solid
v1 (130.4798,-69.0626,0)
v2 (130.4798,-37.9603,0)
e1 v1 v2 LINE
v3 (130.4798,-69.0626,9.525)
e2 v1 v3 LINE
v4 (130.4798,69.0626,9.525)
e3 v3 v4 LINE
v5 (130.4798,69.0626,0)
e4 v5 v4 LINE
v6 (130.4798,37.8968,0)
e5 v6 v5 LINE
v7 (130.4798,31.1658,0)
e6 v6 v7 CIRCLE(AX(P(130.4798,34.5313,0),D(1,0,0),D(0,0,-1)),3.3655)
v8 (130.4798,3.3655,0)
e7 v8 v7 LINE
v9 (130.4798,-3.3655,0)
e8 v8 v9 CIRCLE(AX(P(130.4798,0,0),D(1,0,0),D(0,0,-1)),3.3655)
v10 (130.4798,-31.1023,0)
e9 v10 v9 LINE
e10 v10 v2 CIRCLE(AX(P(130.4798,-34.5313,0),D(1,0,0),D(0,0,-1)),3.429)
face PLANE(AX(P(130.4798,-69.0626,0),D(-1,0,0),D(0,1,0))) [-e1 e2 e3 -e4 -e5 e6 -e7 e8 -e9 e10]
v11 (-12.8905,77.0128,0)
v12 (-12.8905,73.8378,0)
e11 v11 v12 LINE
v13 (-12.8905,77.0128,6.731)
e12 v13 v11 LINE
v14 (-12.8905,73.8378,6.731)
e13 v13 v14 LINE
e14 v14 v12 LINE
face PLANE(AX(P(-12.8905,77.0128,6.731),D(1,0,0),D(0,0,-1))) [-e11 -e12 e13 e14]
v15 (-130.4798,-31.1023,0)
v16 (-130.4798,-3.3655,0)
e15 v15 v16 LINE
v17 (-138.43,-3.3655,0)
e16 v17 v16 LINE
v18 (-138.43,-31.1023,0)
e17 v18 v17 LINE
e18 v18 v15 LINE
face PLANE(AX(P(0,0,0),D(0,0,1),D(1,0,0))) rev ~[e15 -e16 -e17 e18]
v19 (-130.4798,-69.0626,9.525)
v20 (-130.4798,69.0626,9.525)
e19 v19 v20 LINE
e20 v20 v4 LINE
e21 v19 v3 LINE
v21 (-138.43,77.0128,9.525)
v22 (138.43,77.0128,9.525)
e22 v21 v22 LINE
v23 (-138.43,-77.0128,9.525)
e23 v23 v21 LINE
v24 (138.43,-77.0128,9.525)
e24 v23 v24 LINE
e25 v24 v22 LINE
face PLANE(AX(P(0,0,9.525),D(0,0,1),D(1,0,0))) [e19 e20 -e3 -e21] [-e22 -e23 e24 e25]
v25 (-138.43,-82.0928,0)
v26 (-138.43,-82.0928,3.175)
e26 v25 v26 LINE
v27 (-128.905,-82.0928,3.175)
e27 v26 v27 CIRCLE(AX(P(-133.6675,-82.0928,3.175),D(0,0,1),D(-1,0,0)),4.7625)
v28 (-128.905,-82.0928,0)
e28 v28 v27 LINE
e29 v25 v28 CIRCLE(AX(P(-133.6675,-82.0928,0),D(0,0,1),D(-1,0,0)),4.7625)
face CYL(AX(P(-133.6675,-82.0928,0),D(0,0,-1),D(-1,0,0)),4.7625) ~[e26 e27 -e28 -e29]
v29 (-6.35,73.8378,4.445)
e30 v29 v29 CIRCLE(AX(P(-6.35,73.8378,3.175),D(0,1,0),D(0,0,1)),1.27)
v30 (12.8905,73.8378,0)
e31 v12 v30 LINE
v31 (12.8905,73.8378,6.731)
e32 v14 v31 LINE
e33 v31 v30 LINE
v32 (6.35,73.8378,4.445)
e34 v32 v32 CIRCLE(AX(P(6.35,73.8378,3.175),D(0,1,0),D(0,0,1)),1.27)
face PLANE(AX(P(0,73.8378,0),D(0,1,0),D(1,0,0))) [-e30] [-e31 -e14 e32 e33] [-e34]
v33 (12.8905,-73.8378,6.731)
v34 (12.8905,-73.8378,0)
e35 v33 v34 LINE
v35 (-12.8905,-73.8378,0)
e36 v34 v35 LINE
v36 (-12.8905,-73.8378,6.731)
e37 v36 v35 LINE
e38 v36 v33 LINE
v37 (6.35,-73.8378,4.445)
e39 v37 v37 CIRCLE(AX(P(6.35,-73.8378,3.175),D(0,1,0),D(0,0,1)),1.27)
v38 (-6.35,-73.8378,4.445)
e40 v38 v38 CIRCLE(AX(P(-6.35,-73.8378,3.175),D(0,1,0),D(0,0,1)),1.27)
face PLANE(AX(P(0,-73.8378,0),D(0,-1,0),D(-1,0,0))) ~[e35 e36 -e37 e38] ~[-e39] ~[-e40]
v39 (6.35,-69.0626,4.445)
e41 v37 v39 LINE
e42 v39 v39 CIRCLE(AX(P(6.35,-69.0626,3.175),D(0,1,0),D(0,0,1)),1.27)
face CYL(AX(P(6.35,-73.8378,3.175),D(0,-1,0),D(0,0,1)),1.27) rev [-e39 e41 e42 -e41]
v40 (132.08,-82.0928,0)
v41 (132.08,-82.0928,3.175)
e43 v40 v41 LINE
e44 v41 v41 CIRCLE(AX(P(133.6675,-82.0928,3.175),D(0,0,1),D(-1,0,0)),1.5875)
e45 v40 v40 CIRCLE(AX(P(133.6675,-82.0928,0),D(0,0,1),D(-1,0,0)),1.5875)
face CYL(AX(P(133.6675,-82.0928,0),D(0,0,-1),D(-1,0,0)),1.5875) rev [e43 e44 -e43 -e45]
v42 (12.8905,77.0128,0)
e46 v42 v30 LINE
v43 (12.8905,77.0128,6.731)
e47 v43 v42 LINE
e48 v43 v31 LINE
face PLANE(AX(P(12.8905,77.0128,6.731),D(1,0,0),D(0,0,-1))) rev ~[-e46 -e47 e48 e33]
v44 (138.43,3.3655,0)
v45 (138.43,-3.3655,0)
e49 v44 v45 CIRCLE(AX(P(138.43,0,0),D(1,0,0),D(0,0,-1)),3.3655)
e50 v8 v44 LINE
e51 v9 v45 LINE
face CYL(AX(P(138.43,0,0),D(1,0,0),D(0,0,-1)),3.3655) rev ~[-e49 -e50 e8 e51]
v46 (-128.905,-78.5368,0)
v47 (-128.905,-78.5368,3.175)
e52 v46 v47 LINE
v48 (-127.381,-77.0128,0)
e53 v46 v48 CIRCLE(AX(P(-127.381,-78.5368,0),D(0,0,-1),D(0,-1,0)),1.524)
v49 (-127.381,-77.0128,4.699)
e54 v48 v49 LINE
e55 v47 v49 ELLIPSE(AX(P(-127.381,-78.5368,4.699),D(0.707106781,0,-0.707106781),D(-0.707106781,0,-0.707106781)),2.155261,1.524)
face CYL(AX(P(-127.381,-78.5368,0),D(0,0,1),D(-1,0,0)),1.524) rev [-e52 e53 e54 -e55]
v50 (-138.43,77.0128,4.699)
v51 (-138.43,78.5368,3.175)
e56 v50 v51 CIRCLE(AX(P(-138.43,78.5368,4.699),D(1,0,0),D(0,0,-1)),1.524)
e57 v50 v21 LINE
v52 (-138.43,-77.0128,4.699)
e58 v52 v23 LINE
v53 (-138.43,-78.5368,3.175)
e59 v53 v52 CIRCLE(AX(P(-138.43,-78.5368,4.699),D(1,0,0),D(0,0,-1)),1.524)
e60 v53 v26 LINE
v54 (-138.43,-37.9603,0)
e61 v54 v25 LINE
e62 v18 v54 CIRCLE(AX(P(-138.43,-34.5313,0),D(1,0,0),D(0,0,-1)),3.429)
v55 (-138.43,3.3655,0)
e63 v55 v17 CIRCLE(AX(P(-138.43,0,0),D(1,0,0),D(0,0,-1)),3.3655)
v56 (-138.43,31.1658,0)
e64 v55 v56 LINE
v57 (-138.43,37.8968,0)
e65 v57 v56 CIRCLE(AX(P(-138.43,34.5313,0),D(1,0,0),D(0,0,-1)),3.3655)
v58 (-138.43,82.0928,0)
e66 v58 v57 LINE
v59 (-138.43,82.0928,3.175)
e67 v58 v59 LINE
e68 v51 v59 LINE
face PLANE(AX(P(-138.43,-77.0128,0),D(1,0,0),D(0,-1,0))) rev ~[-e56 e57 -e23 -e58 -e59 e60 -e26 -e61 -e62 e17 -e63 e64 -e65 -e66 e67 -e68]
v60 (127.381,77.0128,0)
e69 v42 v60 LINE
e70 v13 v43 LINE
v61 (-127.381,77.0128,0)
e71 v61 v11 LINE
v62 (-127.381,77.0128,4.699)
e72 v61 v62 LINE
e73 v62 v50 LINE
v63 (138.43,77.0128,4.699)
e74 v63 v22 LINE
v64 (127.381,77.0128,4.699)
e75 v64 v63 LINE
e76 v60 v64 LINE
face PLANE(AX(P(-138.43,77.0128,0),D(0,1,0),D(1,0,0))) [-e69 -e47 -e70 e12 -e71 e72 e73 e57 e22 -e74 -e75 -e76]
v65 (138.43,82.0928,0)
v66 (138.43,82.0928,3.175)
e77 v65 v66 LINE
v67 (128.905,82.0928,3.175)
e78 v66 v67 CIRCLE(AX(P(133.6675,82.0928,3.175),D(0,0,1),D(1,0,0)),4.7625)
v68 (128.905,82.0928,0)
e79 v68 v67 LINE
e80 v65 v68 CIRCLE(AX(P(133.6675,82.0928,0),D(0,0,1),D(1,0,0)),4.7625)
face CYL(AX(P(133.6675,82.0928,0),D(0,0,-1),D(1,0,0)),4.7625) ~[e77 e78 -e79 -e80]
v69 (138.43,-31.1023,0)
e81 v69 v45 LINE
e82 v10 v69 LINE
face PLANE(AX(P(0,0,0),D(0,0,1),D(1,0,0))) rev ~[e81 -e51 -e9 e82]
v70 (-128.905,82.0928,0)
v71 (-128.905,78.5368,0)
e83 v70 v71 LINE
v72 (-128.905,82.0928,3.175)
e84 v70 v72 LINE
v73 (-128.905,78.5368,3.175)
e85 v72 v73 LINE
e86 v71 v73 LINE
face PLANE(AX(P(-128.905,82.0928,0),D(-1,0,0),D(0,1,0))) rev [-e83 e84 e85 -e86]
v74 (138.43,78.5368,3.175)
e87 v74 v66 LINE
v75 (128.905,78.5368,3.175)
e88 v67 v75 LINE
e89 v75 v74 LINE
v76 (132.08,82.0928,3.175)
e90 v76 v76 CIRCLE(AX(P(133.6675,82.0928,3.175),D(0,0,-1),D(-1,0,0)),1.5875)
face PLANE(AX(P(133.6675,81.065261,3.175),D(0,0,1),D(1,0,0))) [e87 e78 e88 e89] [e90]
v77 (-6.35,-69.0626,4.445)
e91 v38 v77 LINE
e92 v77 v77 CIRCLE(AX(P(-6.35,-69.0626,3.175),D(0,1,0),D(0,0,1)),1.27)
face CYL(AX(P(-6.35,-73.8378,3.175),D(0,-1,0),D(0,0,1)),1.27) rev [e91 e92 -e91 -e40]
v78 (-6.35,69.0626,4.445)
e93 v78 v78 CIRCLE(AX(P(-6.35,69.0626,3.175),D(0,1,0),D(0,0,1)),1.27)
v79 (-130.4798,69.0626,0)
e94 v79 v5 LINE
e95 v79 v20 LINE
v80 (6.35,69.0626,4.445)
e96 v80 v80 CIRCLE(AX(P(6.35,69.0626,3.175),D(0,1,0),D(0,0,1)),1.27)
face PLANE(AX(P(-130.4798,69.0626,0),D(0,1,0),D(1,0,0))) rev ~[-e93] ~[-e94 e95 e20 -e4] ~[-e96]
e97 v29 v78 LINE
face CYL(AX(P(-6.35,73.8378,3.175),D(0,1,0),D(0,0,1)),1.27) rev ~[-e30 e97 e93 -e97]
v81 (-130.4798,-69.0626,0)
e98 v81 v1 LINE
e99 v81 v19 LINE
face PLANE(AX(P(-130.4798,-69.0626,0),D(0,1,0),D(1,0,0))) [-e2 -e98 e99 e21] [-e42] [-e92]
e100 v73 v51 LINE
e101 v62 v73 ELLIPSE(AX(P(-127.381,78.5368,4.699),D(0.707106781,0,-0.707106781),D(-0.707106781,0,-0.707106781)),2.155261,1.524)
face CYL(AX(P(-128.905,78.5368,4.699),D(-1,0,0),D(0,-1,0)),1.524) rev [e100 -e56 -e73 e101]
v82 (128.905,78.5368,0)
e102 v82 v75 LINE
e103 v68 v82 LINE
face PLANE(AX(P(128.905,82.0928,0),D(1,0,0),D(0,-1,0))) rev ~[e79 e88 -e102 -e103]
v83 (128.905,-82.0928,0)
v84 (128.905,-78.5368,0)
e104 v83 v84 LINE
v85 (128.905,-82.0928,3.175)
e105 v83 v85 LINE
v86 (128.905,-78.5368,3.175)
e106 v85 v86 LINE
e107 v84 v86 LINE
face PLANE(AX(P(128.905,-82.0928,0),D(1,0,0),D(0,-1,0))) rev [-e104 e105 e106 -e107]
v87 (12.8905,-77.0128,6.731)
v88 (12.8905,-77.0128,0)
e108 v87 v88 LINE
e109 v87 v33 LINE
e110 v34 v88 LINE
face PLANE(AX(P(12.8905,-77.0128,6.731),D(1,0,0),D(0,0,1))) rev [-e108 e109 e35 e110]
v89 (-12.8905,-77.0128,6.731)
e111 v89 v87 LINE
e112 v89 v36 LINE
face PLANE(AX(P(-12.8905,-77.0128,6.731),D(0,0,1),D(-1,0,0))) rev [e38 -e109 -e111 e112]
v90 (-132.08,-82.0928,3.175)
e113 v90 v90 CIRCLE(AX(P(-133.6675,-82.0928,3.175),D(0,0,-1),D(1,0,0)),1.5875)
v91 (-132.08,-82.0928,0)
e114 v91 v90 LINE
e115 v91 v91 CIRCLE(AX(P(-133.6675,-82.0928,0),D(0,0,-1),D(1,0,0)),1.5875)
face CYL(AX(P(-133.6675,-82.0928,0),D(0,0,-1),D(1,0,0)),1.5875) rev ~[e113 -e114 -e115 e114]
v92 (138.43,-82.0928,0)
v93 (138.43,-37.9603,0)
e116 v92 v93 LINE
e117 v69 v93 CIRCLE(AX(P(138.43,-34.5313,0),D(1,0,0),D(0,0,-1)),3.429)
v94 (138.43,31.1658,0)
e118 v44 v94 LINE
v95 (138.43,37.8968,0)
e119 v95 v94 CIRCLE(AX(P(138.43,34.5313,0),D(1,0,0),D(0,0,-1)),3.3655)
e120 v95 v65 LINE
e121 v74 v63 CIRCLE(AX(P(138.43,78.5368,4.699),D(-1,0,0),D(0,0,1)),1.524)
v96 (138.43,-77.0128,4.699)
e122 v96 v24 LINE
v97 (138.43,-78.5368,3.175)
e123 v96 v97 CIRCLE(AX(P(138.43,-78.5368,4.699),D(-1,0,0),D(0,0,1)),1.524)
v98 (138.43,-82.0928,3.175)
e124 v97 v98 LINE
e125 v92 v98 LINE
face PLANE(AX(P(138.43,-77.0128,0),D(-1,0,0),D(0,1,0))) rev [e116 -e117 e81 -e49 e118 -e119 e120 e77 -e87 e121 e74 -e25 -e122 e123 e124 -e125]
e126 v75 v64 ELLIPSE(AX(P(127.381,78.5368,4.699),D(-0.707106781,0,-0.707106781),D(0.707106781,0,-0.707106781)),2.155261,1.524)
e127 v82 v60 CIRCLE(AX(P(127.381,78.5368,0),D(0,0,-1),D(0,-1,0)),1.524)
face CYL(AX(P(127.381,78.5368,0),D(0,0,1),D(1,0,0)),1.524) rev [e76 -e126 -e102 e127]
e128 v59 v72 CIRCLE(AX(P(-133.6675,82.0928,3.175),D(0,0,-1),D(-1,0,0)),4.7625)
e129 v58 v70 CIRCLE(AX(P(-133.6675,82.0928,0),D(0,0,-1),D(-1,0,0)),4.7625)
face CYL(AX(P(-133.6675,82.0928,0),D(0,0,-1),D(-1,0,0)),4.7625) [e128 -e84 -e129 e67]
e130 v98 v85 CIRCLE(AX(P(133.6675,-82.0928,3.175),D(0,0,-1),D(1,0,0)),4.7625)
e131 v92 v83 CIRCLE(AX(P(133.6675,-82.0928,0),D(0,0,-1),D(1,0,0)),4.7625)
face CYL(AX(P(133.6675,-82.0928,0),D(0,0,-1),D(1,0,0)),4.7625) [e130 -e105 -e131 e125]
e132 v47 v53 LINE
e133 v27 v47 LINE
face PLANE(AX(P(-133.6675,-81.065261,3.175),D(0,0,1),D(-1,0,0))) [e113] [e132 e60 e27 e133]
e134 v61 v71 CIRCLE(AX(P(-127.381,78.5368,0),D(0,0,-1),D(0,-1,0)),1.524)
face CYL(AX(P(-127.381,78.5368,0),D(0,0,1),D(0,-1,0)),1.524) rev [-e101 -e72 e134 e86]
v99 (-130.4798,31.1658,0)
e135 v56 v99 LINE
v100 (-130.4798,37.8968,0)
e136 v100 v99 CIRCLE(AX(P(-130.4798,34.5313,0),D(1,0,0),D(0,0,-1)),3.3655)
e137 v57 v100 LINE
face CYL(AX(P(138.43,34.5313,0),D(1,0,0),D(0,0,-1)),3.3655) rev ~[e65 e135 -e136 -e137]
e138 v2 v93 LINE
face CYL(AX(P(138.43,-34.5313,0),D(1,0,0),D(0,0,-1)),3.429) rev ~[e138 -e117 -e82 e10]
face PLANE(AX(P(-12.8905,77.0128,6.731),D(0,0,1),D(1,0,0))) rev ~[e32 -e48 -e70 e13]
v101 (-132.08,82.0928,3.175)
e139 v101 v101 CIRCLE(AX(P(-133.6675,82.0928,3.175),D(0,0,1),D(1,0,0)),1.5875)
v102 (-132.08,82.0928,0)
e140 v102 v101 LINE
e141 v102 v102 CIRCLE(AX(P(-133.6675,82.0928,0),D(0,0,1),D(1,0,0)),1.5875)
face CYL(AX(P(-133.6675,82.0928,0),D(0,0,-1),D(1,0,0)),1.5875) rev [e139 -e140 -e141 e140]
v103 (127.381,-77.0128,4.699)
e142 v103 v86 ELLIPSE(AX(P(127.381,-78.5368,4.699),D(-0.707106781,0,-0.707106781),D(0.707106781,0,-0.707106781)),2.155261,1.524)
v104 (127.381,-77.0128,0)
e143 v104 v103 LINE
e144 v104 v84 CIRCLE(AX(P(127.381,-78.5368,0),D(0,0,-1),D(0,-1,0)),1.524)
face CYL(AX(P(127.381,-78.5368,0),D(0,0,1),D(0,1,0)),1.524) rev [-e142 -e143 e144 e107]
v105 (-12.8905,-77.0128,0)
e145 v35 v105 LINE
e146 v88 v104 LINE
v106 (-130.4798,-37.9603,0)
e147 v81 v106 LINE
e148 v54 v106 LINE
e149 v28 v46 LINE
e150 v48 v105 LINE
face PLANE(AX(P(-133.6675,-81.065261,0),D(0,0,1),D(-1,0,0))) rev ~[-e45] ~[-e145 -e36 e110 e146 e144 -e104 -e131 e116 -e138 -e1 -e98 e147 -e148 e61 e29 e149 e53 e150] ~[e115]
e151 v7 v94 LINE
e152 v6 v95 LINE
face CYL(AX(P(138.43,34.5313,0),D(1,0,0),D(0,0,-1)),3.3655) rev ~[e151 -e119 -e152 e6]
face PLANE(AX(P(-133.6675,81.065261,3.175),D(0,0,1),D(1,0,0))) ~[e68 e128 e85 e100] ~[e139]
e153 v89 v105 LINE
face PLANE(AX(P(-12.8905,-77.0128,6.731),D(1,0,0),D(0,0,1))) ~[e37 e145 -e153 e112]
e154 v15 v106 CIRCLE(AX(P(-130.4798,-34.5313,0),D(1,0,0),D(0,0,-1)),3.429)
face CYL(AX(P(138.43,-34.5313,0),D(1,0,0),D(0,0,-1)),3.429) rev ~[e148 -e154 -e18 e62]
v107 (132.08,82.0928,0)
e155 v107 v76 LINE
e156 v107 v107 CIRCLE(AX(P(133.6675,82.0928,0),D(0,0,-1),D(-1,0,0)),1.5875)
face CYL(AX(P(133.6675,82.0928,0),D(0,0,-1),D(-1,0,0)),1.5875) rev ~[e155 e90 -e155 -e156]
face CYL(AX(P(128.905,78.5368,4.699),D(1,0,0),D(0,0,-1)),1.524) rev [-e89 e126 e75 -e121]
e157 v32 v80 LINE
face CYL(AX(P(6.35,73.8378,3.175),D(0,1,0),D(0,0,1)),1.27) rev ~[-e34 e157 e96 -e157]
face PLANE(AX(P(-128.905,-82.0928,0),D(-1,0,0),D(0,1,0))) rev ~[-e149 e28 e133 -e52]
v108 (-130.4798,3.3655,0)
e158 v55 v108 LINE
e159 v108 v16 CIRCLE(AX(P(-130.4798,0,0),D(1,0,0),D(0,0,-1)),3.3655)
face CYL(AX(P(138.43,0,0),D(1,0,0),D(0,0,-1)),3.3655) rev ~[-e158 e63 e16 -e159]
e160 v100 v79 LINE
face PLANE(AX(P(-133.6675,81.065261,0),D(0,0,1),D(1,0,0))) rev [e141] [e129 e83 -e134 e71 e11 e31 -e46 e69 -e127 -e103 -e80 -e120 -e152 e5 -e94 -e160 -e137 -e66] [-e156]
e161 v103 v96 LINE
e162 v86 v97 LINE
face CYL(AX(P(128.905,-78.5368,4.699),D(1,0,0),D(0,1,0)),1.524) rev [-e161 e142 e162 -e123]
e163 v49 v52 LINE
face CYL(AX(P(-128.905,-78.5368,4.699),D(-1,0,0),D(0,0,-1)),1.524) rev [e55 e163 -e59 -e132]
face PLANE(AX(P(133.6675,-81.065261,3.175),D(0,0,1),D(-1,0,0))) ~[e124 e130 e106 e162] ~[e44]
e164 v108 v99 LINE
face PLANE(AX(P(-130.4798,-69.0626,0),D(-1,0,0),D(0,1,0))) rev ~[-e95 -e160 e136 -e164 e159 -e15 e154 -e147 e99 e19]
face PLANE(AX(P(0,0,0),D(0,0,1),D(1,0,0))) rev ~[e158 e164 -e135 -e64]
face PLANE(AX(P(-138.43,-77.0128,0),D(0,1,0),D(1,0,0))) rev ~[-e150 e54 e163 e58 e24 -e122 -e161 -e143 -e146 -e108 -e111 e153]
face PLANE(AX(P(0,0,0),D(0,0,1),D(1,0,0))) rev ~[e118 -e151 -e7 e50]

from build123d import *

# Parameters (mm, degrees)
SKETCH1_W               = 276.86
SKETCH1_H               = 154.0256
SKETCH1_W_2             = 260.9596
SKETCH1_H_2             = 138.1252
BOSS_EXTRUDE1_DEPTH     = 9.525
SKETCH2_R               = 3.3655
SKETCH2_R_2             = 3.429
CUT_EXTRUDE1_DEPTH      = 288.52940126
SKETCH3_R               = 1.5875
BOSS_EXTRUDE2_DEPTH     = 3.175
MIRROR2_COPY_1_SKETCH_R = 1.5875
MIRROR2_COPY_1_DEPTH    = 3.175
FILLET1_R               = 1.524
SKETCH4_W               = 25.781
SKETCH4_H               = 13.462
CUT_EXTRUDE2_DEPTH      = 3.175
CUT_EXTRUDE3_REACH      = 214.311
SKETCH5_R               = 1.27


with BuildPart() as part:
    # Sketch1 → Boss-Extrude1 (new body)
    with BuildSketch(Plane.XY):
        Rectangle(SKETCH1_W, SKETCH1_H)
        Rectangle(SKETCH1_W_2, SKETCH1_H_2, mode=Mode.SUBTRACT)
    extrude(amount=BOSS_EXTRUDE1_DEPTH)

    # Sketch2 → Cut-Extrude1 (cut, through all)
    with BuildSketch(Plane(origin=(138.43, 0, 0), x_dir=(0, 0, -1), z_dir=(1, 0, 0))):
        Circle(SKETCH2_R)
        with Locations((0, 34.5313)):
            Circle(SKETCH2_R)
        with Locations((0, -34.5313)):
            Circle(SKETCH2_R_2)
    extrude(amount=-CUT_EXTRUDE1_DEPTH, mode=Mode.SUBTRACT)

    # Sketch3 → Boss-Extrude2 (add)
    with BuildSketch(Plane(origin=(0, 0, 0), x_dir=(-1, 0, 0), z_dir=(0, 0, -1))):
        with BuildLine():
            Line((-138.43, 77.0128), (-138.43, 82.0928))
            ThreePointArc((-138.43, 82.0928), (-133.6675, 86.8553), (-128.905, 82.0928))
            Line((-128.905, 82.0928), (-128.905, 77.0128))
            Line((-128.905, 77.0128), (-138.43, 77.0128))
        make_face()
        with Locations((-133.6675, 82.0928)):
            Circle(SKETCH3_R, mode=Mode.SUBTRACT)
    boss_extrude2 = extrude(amount=-BOSS_EXTRUDE2_DEPTH)

    # Mirror1: Boss-Extrude2 across plane
    add(boss_extrude2.mirror(Plane(origin=(0, 0, 0), x_dir=(0, 0, 1), z_dir=(1, 0, 0))))

    # Mirror2: Boss-Extrude2 across plane
    add(boss_extrude2.mirror(Plane.ZX))

    # Mirror2 copy 1 sketch → Mirror2 copy 1 (add)
    with BuildSketch(Plane(origin=(0, 0, 0), x_dir=(1, 0, 0), z_dir=(0, 0, -1))):
        with BuildLine():
            Line((-138.43, 77.0128), (-138.43, 82.0928))
            ThreePointArc((-138.43, 82.0928), (-133.6675, 86.8553), (-128.905, 82.0928))
            Line((-128.905, 82.0928), (-128.905, 77.0128))
            Line((-128.905, 77.0128), (-138.43, 77.0128))
        make_face()
        with Locations((-133.6675, 82.0928)):
            Circle(MIRROR2_COPY_1_SKETCH_R, mode=Mode.SUBTRACT)
    extrude(amount=-MIRROR2_COPY_1_DEPTH)

    # Fillet1
    fillet1_edges = [part.edges().sort_by_distance(p)[0] for p in [
        (133.6675, -77.0128, 3.175),
        (128.905, -77.0128, 1.5875),
        (-133.6675, -77.0128, 3.175),
        (-128.905, -77.0128, 1.5875),
        (133.6675, 77.0128, 3.175),
        (128.905, 77.0128, 1.5875),
        (-133.6675, 77.0128, 3.175),
        (-128.905, 77.0128, 1.5875),
    ]]
    fillet(fillet1_edges, radius=FILLET1_R)

    # Sketch4 → Cut-Extrude2 (cut)
    with BuildSketch(Plane(origin=(0, 77.0128, 0), x_dir=(1, 0, 0), z_dir=(0, 1, 0))):
        Rectangle(SKETCH4_W, SKETCH4_H)
    cut_extrude2 = extrude(amount=-CUT_EXTRUDE2_DEPTH, mode=Mode.SUBTRACT)

    # Sketch5 → Cut-Extrude3 (cut, up to next)
    with BuildSketch(Plane(origin=(0, 73.8378, 0), x_dir=(1, 0, 0), z_dir=(0, 1, 0)), mode=Mode.PRIVATE) as cut_extrude3_sk1:
        with Locations(Location((6.35, -3.175, 0), (0, 0, 270))):
            Circle(SKETCH5_R)
    cut_extrude3_tool1 = extrude(cut_extrude3_sk1.sketch, amount=-CUT_EXTRUDE3_REACH, mode=Mode.PRIVATE) & part.part
    # Sketch5 → Cut-Extrude3 (cut, up to next)
    with BuildSketch(Plane(origin=(0, 73.8378, 0), x_dir=(1, 0, 0), z_dir=(0, 1, 0)), mode=Mode.PRIVATE) as cut_extrude3_sk2:
        with Locations(Location((-6.35, -3.175, 0), (0, 0, 270))):
            Circle(SKETCH5_R)
    cut_extrude3_tool2 = extrude(cut_extrude3_sk2.sketch, amount=-CUT_EXTRUDE3_REACH, mode=Mode.PRIVATE) & part.part
    cut_extrude3_1 = cut_extrude3_tool1.solids().sort_by_distance((6.35, 73.8378, 3.175))[0]
    add(cut_extrude3_1, mode=Mode.SUBTRACT)
    cut_extrude3_2 = cut_extrude3_tool2.solids().sort_by_distance((-6.35, 73.8378, 3.175))[0]
    add(cut_extrude3_2, mode=Mode.SUBTRACT)
    cut_extrude3 = cut_extrude3_1 + cut_extrude3_2  # Cut-Extrude3 as one shape, for the pattern or mirror that repeats it

    # Mirror3: Cut-Extrude2, Cut-Extrude3 across plane
    add(cut_extrude2.mirror(Plane.ZX), mode=Mode.SUBTRACT)
    add(cut_extrude3.mirror(Plane.ZX), mode=Mode.SUBTRACT)


solid = part.part
